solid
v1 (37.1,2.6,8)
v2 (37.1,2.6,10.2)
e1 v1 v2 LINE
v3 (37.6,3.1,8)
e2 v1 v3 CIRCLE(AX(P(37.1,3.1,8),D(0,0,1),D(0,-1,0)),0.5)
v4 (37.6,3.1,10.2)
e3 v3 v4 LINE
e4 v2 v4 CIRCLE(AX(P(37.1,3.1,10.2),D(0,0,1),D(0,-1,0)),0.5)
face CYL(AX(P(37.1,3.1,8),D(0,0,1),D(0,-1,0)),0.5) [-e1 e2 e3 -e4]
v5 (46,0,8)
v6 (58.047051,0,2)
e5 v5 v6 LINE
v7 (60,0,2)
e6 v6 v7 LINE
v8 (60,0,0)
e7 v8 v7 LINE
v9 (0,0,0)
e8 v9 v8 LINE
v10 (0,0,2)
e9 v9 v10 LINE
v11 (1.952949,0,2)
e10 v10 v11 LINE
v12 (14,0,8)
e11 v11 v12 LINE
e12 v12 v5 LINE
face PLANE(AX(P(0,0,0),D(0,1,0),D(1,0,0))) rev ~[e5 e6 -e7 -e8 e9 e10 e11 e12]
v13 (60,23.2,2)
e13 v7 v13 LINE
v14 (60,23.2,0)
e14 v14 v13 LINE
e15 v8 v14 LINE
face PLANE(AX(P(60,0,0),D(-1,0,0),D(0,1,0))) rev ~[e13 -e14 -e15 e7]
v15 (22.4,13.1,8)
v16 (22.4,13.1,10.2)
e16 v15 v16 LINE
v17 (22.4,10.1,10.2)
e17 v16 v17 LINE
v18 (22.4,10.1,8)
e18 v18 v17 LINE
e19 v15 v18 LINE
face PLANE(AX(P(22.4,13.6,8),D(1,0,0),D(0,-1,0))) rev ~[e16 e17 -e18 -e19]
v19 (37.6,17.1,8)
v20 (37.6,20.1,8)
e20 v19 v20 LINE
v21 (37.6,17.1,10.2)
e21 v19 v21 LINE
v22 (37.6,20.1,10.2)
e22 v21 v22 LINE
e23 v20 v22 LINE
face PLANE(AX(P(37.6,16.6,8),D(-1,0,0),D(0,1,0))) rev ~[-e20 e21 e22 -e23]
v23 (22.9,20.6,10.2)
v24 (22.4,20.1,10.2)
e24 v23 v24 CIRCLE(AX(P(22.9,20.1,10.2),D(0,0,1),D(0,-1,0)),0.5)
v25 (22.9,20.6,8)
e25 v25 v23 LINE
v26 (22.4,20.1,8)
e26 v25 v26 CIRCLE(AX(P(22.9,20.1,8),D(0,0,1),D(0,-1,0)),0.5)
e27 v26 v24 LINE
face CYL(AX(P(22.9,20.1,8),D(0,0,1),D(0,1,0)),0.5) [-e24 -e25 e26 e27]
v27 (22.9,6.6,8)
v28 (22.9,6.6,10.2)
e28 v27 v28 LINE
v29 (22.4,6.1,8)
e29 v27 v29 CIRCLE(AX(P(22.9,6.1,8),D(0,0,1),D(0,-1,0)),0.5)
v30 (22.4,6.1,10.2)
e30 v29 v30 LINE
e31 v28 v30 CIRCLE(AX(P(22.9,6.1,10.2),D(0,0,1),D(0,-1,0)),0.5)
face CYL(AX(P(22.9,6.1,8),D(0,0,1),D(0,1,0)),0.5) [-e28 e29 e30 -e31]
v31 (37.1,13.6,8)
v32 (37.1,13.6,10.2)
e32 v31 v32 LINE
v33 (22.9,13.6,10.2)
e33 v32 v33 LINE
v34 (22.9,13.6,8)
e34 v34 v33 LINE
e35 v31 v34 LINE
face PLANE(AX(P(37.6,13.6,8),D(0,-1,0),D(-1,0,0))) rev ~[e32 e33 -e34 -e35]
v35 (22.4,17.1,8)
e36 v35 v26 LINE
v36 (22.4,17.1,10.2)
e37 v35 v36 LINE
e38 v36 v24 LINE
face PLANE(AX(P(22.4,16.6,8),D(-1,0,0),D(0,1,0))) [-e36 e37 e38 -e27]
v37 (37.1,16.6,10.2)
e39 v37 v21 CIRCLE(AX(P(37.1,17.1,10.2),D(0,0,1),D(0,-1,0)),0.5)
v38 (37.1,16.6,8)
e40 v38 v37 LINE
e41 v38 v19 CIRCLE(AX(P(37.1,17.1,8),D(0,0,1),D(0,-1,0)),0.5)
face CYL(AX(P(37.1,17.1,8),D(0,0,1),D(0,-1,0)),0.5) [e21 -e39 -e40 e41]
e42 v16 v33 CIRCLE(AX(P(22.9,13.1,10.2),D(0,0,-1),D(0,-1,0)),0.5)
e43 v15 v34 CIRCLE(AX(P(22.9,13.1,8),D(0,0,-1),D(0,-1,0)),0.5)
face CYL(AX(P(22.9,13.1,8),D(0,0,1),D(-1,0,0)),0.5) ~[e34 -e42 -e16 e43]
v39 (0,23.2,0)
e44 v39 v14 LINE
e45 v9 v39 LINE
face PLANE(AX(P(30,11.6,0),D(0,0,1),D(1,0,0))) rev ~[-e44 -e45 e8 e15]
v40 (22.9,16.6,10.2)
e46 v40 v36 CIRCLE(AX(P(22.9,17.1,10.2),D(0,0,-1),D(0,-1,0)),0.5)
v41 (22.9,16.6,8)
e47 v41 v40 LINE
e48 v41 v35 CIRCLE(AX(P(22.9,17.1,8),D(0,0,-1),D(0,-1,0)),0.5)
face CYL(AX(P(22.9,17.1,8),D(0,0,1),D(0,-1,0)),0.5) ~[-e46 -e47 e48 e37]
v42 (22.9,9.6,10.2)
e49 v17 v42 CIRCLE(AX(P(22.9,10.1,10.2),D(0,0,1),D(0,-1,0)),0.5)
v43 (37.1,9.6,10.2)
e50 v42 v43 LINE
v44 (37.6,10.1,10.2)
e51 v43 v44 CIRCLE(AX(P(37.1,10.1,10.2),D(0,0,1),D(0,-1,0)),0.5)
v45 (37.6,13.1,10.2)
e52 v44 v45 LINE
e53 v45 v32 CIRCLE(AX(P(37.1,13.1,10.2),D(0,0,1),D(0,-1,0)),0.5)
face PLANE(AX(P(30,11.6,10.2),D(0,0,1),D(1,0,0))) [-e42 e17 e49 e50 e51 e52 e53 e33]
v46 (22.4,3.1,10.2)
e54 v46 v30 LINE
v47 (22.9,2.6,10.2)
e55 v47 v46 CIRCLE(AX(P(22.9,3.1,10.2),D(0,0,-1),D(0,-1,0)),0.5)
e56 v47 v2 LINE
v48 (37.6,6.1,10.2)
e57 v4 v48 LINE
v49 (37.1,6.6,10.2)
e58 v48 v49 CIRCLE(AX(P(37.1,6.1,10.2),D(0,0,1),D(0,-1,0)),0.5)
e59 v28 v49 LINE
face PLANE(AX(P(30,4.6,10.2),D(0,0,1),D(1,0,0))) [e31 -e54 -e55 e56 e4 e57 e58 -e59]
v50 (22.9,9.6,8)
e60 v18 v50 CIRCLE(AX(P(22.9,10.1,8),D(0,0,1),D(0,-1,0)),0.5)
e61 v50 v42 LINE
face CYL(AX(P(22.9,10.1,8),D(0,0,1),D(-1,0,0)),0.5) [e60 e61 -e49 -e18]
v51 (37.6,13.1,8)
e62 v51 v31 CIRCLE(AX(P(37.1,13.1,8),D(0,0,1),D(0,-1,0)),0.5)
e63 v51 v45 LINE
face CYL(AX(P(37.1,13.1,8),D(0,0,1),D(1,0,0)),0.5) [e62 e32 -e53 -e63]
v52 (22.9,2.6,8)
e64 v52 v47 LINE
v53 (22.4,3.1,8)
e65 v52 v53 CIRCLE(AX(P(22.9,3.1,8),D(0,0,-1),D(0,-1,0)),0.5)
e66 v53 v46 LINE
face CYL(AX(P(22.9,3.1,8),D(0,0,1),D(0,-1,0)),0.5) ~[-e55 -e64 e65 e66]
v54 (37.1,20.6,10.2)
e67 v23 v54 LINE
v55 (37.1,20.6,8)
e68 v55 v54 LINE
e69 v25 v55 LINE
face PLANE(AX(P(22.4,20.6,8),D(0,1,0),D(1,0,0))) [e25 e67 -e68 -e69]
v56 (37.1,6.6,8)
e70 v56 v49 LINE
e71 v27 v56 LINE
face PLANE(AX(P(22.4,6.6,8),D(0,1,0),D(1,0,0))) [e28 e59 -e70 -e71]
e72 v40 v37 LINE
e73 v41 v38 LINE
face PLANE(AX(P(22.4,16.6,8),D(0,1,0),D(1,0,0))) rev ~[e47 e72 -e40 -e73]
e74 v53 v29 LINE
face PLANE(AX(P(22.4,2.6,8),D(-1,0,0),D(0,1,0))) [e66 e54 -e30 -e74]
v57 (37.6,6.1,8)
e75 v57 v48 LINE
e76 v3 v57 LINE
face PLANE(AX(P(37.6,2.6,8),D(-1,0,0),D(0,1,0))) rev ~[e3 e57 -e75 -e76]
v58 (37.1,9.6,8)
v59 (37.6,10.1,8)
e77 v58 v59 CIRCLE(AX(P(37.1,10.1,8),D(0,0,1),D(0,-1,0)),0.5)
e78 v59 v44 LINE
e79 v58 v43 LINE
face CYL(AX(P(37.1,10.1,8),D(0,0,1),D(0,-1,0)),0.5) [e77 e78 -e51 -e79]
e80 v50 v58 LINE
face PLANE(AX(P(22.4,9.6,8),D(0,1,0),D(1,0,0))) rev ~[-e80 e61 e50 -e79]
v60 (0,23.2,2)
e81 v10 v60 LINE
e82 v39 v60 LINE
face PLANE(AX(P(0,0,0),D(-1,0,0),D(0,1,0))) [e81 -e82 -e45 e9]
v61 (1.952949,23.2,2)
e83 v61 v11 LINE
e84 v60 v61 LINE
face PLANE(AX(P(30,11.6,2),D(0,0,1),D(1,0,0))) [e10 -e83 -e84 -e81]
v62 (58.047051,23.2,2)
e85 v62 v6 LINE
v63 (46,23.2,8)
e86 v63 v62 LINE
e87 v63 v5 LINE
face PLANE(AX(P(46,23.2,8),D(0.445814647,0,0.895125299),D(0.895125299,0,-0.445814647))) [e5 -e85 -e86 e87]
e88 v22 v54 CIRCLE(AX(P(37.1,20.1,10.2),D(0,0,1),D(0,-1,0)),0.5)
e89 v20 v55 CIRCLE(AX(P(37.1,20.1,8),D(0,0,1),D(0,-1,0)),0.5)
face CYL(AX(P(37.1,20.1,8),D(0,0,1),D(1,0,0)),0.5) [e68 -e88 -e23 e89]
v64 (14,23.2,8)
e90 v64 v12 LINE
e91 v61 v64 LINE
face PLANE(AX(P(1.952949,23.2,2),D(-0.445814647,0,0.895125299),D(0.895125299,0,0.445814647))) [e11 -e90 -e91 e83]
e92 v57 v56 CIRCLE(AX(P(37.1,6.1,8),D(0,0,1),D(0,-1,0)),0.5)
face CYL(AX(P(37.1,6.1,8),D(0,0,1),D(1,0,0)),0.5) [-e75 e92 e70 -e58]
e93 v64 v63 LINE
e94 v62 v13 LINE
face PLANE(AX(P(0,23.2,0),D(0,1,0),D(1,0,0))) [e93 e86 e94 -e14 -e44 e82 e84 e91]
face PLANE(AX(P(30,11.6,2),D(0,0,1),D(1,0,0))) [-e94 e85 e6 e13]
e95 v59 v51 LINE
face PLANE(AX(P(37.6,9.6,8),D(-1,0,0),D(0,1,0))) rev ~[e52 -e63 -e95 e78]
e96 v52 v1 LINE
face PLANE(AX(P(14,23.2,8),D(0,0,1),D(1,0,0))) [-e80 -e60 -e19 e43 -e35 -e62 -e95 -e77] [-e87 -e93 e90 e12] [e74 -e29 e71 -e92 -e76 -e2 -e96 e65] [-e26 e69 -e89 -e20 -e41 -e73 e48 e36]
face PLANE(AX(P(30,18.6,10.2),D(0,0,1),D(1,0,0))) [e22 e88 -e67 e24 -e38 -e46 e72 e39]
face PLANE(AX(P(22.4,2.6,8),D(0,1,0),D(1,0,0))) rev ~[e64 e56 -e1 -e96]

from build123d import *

# Parameters (mm, degrees)
F0_W     = 60
F0_H     = 23.2
F1_DEPTH = 2
F3_DEPTH = 23.2
F4_W     = 15.2
F4_H     = 4
F5_DEPTH = 2.2
F6_R     = 0.5


with BuildPart() as f1:
    # F0 (on Top) → F1 (new body)
    with BuildSketch(Plane.XY):
        with Locations((30, 11.6)):
            Rectangle(F0_W, F0_H)
    extrude(amount=F1_DEPTH)

    # F2 (on face) → F3 (join, through all)
    with BuildSketch(Plane(origin=(0, 23.2, 0), x_dir=(-1, 0, 0), z_dir=(0, 1, 0))):
        Polygon((-1.952949, 2), (-14, 8), (-46, 8), (-58.047051, 2), align=None)
    extrude(amount=-F3_DEPTH)

    # F4 (on face) → F5 (join)
    with BuildSketch(Plane.XY.offset(8)):
        with Locations((30, 18.6)):
            Rectangle(F4_W, F4_H)
        Polygon((22.4, 13.6), (22.4, 11.6), (22.4, 9.6), (37.6, 9.6), (37.6, 11.6), (37.6, 13.6), align=None)
        with Locations((30, 4.6)):
            Rectangle(F4_W, F4_H)
    extrude(amount=F5_DEPTH)

    # F6
    f6_edges = [f1.edges().sort_by_distance(p)[0] for p in [
        (22.4, 16.6, 9.1),
        (22.4, 9.6, 9.1),
        (22.4, 2.6, 9.1),
        (37.6, 2.6, 9.1),
        (37.6, 9.6, 9.1),
        (37.6, 16.6, 9.1),
        (22.4, 6.6, 9.1),
        (37.6, 6.6, 9.1),
        (37.6, 13.6, 9.1),
        (22.4, 13.6, 9.1),
        (22.4, 20.6, 9.1),
        (37.6, 20.6, 9.1),
    ]]
    fillet(f6_edges, radius=F6_R)


solid = f1.part
